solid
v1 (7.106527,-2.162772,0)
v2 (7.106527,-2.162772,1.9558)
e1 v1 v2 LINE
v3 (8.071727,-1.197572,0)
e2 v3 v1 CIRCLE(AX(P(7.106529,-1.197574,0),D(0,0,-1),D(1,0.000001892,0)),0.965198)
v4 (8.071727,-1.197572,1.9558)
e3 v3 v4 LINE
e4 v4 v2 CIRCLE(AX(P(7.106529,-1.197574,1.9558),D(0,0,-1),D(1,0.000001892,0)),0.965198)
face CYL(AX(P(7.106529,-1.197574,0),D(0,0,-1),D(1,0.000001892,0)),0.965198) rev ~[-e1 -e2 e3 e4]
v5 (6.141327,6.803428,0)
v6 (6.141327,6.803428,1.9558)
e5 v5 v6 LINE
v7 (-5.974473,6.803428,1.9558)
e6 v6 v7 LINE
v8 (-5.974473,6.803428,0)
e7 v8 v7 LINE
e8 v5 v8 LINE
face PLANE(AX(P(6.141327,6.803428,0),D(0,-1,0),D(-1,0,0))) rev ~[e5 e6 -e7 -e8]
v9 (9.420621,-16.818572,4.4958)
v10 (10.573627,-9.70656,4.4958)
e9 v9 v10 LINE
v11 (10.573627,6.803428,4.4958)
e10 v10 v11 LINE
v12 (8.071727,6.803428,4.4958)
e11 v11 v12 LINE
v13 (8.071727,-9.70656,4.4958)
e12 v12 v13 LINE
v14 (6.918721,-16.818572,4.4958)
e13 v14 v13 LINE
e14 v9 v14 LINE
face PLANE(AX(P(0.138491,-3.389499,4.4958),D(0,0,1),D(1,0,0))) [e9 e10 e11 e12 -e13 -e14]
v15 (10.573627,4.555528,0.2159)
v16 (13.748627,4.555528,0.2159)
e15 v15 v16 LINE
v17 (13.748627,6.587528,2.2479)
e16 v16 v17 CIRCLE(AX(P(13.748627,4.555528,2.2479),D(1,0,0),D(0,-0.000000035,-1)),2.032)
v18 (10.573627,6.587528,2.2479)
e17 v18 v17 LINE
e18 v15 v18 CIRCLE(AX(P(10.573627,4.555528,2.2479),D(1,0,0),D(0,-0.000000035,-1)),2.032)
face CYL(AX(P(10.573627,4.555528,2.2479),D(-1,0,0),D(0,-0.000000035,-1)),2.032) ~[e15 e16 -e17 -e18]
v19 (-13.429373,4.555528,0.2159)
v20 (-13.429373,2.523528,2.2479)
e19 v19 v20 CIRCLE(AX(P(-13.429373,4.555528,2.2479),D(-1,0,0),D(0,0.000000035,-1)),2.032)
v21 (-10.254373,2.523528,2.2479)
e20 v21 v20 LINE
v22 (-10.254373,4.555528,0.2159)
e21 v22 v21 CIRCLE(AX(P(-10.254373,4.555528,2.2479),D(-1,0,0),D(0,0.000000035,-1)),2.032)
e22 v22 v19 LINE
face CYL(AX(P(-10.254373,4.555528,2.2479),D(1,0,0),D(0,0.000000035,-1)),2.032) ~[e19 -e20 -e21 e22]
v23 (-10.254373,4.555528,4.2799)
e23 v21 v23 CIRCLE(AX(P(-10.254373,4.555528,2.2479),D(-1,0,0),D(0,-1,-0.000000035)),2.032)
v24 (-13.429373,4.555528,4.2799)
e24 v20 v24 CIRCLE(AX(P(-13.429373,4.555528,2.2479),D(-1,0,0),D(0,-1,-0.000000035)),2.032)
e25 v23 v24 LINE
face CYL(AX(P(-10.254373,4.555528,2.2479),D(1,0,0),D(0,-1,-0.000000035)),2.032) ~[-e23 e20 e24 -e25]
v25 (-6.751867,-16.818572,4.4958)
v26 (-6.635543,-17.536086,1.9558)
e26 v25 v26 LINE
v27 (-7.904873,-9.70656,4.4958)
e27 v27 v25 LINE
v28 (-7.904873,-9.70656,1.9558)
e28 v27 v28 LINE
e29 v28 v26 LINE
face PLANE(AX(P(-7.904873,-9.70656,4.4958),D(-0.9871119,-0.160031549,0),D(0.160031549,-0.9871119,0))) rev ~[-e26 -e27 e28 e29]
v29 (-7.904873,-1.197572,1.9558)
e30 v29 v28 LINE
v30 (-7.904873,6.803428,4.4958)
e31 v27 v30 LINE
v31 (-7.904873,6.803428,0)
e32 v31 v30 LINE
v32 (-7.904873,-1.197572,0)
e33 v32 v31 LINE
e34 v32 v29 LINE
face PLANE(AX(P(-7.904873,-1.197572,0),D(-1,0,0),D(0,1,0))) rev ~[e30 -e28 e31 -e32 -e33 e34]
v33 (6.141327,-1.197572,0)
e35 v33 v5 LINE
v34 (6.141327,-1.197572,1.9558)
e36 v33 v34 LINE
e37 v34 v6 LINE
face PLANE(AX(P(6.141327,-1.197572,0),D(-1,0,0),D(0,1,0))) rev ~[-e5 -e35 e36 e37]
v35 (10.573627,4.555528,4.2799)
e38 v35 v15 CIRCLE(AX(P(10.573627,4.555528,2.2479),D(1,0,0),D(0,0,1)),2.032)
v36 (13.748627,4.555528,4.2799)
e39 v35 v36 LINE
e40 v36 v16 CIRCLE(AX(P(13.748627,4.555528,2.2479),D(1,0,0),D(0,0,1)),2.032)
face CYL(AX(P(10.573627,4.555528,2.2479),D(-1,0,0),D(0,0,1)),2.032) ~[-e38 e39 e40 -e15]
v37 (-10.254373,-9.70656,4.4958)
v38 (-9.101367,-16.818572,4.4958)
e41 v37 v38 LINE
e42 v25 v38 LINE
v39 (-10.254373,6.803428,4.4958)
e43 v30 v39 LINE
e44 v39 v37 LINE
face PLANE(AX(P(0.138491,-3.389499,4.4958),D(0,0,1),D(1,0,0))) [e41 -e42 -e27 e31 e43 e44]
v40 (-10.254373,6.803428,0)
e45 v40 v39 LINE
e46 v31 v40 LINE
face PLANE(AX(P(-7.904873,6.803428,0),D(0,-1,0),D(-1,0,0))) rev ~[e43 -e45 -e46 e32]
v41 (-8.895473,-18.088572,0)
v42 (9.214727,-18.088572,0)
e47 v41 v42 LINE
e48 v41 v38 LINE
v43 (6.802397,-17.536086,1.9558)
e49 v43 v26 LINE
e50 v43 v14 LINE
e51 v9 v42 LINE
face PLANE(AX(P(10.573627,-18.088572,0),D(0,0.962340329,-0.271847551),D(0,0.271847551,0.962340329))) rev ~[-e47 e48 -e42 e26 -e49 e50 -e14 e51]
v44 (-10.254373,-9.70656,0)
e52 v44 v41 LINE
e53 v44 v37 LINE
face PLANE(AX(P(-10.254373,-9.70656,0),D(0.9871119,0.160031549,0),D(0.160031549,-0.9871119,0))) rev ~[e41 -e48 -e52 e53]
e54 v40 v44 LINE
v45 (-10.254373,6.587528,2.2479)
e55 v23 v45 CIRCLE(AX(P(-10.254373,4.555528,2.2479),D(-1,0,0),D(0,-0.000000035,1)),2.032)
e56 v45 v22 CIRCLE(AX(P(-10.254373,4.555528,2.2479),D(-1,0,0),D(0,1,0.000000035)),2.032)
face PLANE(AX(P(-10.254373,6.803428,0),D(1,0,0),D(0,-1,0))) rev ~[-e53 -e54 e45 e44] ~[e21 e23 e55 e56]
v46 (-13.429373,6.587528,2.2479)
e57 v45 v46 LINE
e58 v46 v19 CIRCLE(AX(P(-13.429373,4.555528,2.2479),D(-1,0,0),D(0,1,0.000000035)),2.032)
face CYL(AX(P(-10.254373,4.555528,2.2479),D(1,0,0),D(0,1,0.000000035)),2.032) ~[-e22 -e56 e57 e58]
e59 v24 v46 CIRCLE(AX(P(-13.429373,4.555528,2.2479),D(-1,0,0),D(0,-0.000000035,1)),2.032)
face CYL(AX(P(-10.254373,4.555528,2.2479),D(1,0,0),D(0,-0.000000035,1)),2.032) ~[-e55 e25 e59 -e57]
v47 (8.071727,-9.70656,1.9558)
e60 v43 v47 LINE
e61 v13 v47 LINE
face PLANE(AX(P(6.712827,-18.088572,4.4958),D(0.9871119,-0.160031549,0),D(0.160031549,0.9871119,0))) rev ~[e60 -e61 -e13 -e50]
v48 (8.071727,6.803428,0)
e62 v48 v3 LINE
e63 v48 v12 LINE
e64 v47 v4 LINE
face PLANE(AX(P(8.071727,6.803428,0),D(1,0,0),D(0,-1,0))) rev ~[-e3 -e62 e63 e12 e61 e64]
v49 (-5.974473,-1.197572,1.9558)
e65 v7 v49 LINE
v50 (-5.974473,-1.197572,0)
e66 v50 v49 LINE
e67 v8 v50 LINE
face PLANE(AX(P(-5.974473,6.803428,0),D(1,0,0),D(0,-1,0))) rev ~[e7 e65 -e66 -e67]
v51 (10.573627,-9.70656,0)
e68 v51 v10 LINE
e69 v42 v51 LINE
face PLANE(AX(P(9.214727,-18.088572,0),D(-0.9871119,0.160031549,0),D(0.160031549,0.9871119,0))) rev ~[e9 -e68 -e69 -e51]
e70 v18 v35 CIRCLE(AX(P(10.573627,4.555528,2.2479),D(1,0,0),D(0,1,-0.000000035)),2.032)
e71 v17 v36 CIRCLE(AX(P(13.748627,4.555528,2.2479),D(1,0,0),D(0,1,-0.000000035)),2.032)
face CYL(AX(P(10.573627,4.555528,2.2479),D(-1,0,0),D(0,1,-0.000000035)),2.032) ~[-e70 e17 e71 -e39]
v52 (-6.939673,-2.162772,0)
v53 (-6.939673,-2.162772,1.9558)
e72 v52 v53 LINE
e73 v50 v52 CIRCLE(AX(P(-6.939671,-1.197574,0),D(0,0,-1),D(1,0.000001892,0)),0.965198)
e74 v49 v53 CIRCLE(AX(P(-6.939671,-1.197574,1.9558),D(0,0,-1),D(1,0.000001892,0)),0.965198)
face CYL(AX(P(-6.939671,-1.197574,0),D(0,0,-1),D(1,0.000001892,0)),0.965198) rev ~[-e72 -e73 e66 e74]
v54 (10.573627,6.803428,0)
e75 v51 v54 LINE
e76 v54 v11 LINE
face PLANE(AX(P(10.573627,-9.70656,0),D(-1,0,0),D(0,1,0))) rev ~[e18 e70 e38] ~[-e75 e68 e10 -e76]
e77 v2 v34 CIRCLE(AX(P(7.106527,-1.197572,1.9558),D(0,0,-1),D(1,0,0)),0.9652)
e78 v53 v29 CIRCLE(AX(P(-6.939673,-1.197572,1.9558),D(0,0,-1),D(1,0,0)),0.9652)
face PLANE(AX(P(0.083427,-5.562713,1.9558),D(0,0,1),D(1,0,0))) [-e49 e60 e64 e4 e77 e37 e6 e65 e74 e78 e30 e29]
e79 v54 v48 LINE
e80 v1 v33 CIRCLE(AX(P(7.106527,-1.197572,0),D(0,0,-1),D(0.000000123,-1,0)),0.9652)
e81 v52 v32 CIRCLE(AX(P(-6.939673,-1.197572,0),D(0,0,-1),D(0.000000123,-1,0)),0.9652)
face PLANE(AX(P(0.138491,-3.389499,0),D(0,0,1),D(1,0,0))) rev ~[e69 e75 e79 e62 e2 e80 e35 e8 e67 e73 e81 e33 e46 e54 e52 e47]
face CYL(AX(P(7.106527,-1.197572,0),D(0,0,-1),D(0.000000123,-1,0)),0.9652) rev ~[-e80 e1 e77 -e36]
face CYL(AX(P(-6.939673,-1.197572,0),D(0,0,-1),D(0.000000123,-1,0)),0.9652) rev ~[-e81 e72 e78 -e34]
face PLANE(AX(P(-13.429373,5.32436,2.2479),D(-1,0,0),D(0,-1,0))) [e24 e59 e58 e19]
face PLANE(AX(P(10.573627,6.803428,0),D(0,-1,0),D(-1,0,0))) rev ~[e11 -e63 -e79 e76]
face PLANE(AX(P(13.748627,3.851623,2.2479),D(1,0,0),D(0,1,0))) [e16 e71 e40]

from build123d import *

# Parameters (mm, degrees)
F1_DEPTH = 4.4958
F3_DEPTH = 3.175
F5_DEPTH = 3.175
F7_DEPTH = 2.54
F9_DEPTH = 24.004


with BuildPart() as f1:
    # F0 (on Top) → F1 (new body)
    with BuildSketch(Plane.XY):
        with BuildLine():
            Line((-10.254373, 5.965228), (-10.254373, -0.308572))
            Line((-10.254373, -0.308572), (-10.254373, -9.70656))
            Line((-10.254373, -9.70656), (-8.895473, -18.088572))
            Line((-8.895473, -18.088572), (9.214727, -18.088572))
            Line((9.214727, -18.088572), (10.573627, -9.70656))
            Line((10.573627, -9.70656), (10.573627, -0.308572))
            Line((10.573627, -0.308572), (10.573627, 5.965228))
            Line((10.573627, 5.965228), (10.573627, 6.803428))
            Line((10.573627, 6.803428), (8.071727, 6.803428))
            Line((8.071727, 6.803428), (8.071727, -1.197572))
            ThreePointArc((8.071727, -1.197572), (7.789027, -1.880072), (7.106527, -2.162772))
            ThreePointArc((7.106527, -2.162772), (6.424028, -1.880072), (6.141327, -1.197572))
            Line((6.141327, -1.197572), (6.141327, 6.803428))
            Line((6.141327, 6.803428), (-5.974473, 6.803428))
            Line((-5.974473, 6.803428), (-5.974473, -1.197572))
            ThreePointArc((-5.974473, -1.197572), (-6.257173, -1.880072), (-6.939673, -2.162772))
            ThreePointArc((-6.939673, -2.162772), (-7.622172, -1.880072), (-7.904873, -1.197572))
            Line((-7.904873, -1.197572), (-7.904873, 6.803428))
            Line((-7.904873, 6.803428), (-10.254373, 6.803428))
            Line((-10.254373, 6.803428), (-10.254373, 5.965228))
        make_face()
    extrude(amount=F1_DEPTH)

    # F2 (on face) → F3 (join)
    with BuildSketch(Plane.YZ.offset(10.573627)):
        with BuildLine():
            Line((4.555528, 2.2479), (4.555528, 4.2799))
            ThreePointArc((4.555528, 4.2799), (2.523528, 2.2479), (4.555528, 0.2159))
            Line((4.555528, 0.2159), (4.555528, 2.2479))
        make_face()
        with BuildLine():
            ThreePointArc((4.555528, 0.2159), (5.992369, 0.811059), (6.587528, 2.2479))
            ThreePointArc((6.587528, 2.2479), (5.992369, 3.684741), (4.555528, 4.2799))
            Line((4.555528, 4.2799), (4.555528, 2.2479))
            Line((4.555528, 2.2479), (4.555528, 0.2159))
        make_face()
    extrude(amount=F3_DEPTH)

    # F4 (on face) → F5 (join)
    with BuildSketch(Plane(origin=(-10.254373, 0, 0), x_dir=(0, -1, 0), z_dir=(-1, 0, 0))):
        with BuildLine():
            Line((-4.555528, 2.2479), (-4.555528, 4.2799))
            ThreePointArc((-4.555528, 4.2799), (-5.992369, 3.684741), (-6.587528, 2.2479))
            ThreePointArc((-6.587528, 2.2479), (-5.992369, 0.811059), (-4.555528, 0.2159))
            Line((-4.555528, 0.2159), (-4.555528, 2.2479))
        make_face()
        with BuildLine():
            ThreePointArc((-4.555528, 0.2159), (-3.118687, 0.811059), (-2.523528, 2.2479))
            ThreePointArc((-2.523528, 2.2479), (-3.118687, 3.684741), (-4.555528, 4.2799))
            Line((-4.555528, 4.2799), (-4.555528, 2.2479))
            Line((-4.555528, 2.2479), (-4.555528, 0.2159))
        make_face()
    extrude(amount=F5_DEPTH)

    # F6 (on face) → F7 (cut)
    with BuildSketch(Plane.XY.offset(4.4958)):
        with BuildLine():
            ThreePointArc((-5.974473, -1.197572), (-6.939673, -2.162772), (-7.904873, -1.197572))
            Line((-7.904873, -1.197572), (-7.904873, -9.70656))
            Line((-7.904873, -9.70656), (-6.545973, -18.088572))
            Line((-6.545973, -18.088572), (6.712827, -18.088572))
            Line((6.712827, -18.088572), (8.071727, -9.70656))
            Line((8.071727, -9.70656), (8.071727, -1.197572))
            ThreePointArc((8.071727, -1.197572), (7.106527, -2.162772), (6.141327, -1.197572))
            Line((6.141327, -1.197572), (6.141327, 6.803428))
            Line((6.141327, 6.803428), (-5.974473, 6.803428))
            Line((-5.974473, 6.803428), (-5.974473, -1.197572))
        make_face()
    extrude(amount=-F7_DEPTH, mode=Mode.SUBTRACT)

    # F8 (on face) → F9 (cut, through all)
    with BuildSketch(Plane.YZ.offset(10.573627)):
        Polygon((-18.088572, 4.4958), (-18.088572, 0), (-16.818572, 4.4958), align=None)
    extrude(amount=-F9_DEPTH, mode=Mode.SUBTRACT)


solid = f1.part
